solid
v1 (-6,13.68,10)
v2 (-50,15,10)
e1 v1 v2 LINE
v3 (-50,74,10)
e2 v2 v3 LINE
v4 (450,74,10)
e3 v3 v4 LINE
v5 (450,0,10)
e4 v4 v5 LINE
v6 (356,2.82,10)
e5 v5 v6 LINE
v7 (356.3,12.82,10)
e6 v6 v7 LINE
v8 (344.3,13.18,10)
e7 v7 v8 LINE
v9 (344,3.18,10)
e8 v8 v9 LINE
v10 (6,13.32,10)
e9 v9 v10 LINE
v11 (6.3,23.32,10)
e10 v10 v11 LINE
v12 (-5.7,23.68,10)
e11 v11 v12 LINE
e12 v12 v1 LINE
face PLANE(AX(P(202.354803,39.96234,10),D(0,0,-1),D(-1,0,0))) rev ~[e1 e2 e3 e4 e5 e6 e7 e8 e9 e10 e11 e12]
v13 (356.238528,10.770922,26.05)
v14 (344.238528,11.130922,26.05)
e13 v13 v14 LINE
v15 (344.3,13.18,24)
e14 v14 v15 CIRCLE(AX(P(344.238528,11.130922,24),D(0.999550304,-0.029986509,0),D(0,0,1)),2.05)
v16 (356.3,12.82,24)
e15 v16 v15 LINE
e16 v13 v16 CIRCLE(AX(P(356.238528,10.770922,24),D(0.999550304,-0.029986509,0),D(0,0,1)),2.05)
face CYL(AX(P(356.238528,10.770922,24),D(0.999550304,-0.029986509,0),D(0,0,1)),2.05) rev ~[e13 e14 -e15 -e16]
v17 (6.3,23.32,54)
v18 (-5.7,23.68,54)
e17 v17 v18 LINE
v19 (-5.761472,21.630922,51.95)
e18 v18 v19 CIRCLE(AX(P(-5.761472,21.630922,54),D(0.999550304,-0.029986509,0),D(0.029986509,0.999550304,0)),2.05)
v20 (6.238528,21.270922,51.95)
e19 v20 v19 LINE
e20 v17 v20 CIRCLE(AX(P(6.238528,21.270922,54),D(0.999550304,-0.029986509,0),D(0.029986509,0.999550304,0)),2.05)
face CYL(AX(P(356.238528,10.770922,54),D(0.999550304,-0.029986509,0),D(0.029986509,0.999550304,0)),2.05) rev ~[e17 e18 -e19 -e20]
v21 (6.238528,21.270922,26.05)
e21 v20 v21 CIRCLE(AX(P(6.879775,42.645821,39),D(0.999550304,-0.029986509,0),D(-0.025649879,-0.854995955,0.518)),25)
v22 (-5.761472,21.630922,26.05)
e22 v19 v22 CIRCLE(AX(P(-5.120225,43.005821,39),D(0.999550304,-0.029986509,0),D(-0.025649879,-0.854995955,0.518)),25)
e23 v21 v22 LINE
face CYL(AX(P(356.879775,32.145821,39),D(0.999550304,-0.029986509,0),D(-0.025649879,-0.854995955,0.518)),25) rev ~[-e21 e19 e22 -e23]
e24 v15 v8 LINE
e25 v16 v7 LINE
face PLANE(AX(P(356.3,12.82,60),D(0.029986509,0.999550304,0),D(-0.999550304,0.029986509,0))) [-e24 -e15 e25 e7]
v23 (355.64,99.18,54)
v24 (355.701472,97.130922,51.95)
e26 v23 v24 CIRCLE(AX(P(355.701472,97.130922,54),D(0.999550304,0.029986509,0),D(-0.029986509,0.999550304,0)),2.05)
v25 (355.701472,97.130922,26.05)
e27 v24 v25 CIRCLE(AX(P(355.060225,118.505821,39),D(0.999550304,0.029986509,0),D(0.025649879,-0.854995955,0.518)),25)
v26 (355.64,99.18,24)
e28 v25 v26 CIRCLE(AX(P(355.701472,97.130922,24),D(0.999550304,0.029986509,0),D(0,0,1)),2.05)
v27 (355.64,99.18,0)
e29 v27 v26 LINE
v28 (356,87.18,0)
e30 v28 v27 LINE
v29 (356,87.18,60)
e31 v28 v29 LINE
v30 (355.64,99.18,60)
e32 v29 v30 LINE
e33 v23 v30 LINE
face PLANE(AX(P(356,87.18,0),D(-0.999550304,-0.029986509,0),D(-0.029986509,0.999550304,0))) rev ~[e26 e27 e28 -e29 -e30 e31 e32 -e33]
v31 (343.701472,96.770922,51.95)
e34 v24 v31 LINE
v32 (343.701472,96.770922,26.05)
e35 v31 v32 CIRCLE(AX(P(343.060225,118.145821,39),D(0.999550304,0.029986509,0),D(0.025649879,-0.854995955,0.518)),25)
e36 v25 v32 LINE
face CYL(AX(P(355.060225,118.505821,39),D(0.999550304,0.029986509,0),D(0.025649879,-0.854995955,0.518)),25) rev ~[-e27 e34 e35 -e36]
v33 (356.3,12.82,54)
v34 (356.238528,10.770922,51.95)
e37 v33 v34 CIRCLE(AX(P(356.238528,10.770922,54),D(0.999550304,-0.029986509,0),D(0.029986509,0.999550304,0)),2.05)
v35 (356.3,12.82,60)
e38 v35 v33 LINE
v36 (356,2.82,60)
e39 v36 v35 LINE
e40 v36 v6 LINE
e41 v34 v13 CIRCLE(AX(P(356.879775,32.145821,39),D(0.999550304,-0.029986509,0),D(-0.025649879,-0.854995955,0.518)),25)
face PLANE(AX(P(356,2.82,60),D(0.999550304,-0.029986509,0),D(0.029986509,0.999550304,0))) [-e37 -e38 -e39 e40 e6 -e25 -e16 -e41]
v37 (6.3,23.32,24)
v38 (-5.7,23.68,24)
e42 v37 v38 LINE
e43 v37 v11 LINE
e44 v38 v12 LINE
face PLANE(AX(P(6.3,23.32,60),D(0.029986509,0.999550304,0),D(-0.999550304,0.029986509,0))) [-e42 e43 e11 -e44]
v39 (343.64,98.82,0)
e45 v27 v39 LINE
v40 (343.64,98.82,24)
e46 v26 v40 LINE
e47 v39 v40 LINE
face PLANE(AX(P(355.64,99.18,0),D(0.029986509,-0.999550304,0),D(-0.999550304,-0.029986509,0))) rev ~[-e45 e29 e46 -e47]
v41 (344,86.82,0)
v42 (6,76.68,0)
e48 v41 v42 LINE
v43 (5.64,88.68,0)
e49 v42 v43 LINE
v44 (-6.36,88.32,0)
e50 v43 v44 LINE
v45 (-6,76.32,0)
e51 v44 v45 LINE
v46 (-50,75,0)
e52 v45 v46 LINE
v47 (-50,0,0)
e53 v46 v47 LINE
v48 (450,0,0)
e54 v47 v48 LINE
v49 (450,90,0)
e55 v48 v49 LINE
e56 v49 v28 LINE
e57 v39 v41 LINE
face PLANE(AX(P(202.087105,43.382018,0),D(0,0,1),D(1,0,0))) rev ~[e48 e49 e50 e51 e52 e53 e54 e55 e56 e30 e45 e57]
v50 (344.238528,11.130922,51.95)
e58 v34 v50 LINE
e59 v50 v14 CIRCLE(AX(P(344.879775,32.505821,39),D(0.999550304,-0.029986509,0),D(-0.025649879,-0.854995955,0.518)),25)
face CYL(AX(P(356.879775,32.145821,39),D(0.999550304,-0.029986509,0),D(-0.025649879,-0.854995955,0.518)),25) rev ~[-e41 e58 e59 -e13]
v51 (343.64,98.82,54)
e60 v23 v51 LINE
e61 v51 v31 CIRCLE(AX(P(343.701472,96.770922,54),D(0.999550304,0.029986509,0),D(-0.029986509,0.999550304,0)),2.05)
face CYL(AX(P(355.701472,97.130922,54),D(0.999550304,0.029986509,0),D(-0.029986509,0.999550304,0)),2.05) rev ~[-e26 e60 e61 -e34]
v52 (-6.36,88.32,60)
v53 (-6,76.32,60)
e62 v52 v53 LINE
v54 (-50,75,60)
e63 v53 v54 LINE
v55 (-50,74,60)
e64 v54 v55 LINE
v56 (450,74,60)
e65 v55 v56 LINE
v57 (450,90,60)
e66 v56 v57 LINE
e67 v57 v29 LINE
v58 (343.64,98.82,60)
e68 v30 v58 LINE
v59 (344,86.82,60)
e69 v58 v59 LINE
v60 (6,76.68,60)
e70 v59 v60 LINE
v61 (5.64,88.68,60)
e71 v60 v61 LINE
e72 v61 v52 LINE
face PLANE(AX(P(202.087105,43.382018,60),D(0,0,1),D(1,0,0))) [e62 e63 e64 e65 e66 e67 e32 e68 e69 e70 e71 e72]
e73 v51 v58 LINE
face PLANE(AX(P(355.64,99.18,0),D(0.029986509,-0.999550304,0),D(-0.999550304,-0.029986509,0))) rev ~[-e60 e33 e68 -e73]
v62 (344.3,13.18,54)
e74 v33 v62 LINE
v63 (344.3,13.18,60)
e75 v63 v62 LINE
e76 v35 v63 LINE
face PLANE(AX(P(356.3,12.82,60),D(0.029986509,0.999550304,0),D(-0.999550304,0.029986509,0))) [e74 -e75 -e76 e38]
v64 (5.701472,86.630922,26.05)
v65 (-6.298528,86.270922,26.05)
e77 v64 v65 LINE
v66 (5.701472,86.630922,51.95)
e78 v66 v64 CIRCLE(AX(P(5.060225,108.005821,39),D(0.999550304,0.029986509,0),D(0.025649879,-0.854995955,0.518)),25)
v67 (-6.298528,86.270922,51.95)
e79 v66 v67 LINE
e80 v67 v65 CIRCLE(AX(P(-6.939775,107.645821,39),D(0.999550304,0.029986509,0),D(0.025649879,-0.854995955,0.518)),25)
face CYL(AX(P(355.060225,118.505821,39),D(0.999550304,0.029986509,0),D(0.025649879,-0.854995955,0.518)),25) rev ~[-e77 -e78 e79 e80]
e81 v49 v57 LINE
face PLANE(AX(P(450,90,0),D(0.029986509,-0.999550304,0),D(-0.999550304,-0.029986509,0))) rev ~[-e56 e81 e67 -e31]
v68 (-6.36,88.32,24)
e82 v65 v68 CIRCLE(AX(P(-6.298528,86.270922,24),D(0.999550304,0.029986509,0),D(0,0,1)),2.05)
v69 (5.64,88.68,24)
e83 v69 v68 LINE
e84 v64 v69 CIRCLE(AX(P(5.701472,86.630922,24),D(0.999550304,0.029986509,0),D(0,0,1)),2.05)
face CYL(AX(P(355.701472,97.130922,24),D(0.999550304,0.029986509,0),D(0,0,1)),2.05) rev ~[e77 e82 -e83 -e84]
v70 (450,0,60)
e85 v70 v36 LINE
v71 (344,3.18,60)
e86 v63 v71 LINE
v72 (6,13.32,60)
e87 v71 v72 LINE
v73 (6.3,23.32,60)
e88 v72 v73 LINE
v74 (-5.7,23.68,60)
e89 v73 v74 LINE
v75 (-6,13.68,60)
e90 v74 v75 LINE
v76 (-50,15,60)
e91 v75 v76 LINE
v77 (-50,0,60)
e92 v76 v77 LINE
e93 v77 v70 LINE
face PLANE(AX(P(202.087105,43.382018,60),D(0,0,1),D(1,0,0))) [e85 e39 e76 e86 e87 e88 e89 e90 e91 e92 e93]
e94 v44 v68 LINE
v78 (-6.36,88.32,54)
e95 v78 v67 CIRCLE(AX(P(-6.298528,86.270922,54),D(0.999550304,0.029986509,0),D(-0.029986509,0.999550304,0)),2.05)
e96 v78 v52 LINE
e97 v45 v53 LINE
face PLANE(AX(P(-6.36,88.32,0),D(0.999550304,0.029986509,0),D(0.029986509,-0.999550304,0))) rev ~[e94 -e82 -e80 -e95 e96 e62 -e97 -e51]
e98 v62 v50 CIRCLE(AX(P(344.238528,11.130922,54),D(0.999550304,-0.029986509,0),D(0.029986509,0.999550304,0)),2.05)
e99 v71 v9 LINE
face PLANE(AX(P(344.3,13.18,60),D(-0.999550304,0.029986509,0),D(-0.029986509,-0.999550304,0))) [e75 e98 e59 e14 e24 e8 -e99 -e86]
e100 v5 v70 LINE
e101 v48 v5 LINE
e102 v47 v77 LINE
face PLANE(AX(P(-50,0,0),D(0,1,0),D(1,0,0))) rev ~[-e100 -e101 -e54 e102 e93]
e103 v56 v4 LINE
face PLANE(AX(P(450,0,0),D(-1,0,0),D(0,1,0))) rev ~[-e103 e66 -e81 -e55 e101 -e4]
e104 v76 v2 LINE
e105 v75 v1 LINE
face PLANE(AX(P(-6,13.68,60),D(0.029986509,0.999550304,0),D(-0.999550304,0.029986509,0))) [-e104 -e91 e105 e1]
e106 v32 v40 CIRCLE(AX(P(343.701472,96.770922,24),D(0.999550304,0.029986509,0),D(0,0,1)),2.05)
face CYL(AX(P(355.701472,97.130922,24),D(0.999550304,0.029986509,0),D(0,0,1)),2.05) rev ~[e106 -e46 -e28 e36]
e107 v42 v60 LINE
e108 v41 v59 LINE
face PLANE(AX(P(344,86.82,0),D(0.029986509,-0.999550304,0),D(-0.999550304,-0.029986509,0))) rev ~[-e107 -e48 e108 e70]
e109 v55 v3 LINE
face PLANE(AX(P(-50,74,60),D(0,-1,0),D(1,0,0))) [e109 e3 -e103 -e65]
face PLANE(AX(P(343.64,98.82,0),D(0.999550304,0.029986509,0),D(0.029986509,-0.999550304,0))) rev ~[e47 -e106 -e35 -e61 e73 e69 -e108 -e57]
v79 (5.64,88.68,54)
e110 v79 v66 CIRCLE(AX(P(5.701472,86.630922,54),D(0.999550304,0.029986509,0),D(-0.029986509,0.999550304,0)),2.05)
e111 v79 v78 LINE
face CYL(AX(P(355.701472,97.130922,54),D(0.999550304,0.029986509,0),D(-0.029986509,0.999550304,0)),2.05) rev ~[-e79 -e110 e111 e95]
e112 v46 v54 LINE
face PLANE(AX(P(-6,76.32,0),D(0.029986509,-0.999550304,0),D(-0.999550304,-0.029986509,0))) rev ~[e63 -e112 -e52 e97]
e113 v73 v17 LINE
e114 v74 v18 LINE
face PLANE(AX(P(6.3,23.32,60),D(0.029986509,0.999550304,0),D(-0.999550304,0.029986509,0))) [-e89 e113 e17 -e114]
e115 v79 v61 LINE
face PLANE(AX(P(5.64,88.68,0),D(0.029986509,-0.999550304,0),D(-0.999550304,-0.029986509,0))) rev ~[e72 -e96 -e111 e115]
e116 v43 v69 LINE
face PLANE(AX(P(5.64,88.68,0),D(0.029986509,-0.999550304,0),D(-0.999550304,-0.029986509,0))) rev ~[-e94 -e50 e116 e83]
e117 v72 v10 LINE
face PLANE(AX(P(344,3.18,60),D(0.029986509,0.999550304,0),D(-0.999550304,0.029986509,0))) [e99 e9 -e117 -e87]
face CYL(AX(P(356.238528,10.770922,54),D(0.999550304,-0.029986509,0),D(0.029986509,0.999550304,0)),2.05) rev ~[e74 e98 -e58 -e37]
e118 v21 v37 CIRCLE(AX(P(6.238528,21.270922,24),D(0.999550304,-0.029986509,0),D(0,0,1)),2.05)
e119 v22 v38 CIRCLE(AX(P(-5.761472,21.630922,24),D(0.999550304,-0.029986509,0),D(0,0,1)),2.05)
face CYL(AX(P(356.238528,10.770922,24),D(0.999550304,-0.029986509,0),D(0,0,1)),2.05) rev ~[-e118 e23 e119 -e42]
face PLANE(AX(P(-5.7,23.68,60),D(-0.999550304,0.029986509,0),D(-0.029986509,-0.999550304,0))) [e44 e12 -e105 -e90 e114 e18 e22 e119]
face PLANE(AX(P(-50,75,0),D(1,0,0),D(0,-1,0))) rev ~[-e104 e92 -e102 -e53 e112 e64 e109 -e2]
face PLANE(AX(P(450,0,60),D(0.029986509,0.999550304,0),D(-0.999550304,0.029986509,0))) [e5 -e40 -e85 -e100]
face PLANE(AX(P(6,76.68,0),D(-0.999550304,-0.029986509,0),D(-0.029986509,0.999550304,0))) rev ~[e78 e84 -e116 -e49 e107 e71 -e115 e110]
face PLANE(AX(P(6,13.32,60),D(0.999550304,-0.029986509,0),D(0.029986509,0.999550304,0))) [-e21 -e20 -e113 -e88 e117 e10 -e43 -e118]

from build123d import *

# Parameters (mm, degrees)
PAD_DEPTH       = 60
POCKET_DEPTH    = 50
POCKET001_DEPTH = 408.7079232475
POCKET002_DEPTH = 408.4326470939


with BuildPart() as part:
    # Sketch → Pad (new body)
    with BuildSketch(Plane.XY):
        Polygon((450, 0), (450, 90), (356, 87.18), (355.64, 99.18), (343.64, 98.82), (344, 86.82), (6, 76.68), (5.64, 88.6800000001), (-6.36, 88.3200000001), (-6, 76.32), (-50, 75), (-50, 0), align=None)
    extrude(amount=PAD_DEPTH)

    # Sketch001 (on Face14 of Pad) → Pocket (cut)
    with BuildSketch(Plane.XY.offset(60)):
        Polygon((-50, 15), (-50, 74), (450, 74), (450, 0), (356, 2.82), (356.3, 12.82), (344.3, 13.18), (344, 3.18), (6, 13.32), (6.3, 23.32), (-5.7, 23.68), (-6, 13.68), align=None)
    extrude(amount=-POCKET_DEPTH, mode=Mode.SUBTRACT)

    # Sketch002 (on Face26 of Pocket) → Pocket001 (cut, through all)
    with BuildSketch(Plane(origin=(355.5953641722, -10.6678609252, 0), x_dir=(0.0299865091, 0.9995503035, 0), z_dir=(0.9995503035, -0.0299865091, 0))):
        with BuildLine():
            ThreePointArc((23.4984280855, 54), (19.9988591841, 55.4495689014), (21.4484280855, 51.95))
            ThreePointArc((21.4484280855, 51.95), (17.8329435114, 39), (21.4484280855, 26.05))
            ThreePointArc((21.4484280855, 26.05), (19.9988591841, 22.5504310986), (23.4984280855, 24))
            Line((23.4984280855, 24), (23.4984280855, 54))
        make_face()
    extrude(amount=-POCKET001_DEPTH, mode=Mode.SUBTRACT)

    # Sketch003 (on Face14 of Pocket001) → Pocket002 (cut, through all)
    with BuildSketch(Plane(origin=(358.2929363573, 10.7487880907, 0), x_dir=(-0.0299865091, 0.9995503035, 0), z_dir=(0.9995503035, 0.0299865091, 0))):
        with BuildLine():
            ThreePointArc((88.470997005, 54), (84.9714281036, 55.4495689014), (86.420997005, 51.95))
            ThreePointArc((86.420997005, 51.95), (82.8055124309, 39), (86.420997005, 26.05))
            ThreePointArc((86.420997005, 26.05), (84.9714281036, 22.5504310986), (88.470997005, 24))
            Line((88.470997005, 24), (88.470997005, 54))
        make_face()
    extrude(amount=-POCKET002_DEPTH, mode=Mode.SUBTRACT)


solid = part.part
